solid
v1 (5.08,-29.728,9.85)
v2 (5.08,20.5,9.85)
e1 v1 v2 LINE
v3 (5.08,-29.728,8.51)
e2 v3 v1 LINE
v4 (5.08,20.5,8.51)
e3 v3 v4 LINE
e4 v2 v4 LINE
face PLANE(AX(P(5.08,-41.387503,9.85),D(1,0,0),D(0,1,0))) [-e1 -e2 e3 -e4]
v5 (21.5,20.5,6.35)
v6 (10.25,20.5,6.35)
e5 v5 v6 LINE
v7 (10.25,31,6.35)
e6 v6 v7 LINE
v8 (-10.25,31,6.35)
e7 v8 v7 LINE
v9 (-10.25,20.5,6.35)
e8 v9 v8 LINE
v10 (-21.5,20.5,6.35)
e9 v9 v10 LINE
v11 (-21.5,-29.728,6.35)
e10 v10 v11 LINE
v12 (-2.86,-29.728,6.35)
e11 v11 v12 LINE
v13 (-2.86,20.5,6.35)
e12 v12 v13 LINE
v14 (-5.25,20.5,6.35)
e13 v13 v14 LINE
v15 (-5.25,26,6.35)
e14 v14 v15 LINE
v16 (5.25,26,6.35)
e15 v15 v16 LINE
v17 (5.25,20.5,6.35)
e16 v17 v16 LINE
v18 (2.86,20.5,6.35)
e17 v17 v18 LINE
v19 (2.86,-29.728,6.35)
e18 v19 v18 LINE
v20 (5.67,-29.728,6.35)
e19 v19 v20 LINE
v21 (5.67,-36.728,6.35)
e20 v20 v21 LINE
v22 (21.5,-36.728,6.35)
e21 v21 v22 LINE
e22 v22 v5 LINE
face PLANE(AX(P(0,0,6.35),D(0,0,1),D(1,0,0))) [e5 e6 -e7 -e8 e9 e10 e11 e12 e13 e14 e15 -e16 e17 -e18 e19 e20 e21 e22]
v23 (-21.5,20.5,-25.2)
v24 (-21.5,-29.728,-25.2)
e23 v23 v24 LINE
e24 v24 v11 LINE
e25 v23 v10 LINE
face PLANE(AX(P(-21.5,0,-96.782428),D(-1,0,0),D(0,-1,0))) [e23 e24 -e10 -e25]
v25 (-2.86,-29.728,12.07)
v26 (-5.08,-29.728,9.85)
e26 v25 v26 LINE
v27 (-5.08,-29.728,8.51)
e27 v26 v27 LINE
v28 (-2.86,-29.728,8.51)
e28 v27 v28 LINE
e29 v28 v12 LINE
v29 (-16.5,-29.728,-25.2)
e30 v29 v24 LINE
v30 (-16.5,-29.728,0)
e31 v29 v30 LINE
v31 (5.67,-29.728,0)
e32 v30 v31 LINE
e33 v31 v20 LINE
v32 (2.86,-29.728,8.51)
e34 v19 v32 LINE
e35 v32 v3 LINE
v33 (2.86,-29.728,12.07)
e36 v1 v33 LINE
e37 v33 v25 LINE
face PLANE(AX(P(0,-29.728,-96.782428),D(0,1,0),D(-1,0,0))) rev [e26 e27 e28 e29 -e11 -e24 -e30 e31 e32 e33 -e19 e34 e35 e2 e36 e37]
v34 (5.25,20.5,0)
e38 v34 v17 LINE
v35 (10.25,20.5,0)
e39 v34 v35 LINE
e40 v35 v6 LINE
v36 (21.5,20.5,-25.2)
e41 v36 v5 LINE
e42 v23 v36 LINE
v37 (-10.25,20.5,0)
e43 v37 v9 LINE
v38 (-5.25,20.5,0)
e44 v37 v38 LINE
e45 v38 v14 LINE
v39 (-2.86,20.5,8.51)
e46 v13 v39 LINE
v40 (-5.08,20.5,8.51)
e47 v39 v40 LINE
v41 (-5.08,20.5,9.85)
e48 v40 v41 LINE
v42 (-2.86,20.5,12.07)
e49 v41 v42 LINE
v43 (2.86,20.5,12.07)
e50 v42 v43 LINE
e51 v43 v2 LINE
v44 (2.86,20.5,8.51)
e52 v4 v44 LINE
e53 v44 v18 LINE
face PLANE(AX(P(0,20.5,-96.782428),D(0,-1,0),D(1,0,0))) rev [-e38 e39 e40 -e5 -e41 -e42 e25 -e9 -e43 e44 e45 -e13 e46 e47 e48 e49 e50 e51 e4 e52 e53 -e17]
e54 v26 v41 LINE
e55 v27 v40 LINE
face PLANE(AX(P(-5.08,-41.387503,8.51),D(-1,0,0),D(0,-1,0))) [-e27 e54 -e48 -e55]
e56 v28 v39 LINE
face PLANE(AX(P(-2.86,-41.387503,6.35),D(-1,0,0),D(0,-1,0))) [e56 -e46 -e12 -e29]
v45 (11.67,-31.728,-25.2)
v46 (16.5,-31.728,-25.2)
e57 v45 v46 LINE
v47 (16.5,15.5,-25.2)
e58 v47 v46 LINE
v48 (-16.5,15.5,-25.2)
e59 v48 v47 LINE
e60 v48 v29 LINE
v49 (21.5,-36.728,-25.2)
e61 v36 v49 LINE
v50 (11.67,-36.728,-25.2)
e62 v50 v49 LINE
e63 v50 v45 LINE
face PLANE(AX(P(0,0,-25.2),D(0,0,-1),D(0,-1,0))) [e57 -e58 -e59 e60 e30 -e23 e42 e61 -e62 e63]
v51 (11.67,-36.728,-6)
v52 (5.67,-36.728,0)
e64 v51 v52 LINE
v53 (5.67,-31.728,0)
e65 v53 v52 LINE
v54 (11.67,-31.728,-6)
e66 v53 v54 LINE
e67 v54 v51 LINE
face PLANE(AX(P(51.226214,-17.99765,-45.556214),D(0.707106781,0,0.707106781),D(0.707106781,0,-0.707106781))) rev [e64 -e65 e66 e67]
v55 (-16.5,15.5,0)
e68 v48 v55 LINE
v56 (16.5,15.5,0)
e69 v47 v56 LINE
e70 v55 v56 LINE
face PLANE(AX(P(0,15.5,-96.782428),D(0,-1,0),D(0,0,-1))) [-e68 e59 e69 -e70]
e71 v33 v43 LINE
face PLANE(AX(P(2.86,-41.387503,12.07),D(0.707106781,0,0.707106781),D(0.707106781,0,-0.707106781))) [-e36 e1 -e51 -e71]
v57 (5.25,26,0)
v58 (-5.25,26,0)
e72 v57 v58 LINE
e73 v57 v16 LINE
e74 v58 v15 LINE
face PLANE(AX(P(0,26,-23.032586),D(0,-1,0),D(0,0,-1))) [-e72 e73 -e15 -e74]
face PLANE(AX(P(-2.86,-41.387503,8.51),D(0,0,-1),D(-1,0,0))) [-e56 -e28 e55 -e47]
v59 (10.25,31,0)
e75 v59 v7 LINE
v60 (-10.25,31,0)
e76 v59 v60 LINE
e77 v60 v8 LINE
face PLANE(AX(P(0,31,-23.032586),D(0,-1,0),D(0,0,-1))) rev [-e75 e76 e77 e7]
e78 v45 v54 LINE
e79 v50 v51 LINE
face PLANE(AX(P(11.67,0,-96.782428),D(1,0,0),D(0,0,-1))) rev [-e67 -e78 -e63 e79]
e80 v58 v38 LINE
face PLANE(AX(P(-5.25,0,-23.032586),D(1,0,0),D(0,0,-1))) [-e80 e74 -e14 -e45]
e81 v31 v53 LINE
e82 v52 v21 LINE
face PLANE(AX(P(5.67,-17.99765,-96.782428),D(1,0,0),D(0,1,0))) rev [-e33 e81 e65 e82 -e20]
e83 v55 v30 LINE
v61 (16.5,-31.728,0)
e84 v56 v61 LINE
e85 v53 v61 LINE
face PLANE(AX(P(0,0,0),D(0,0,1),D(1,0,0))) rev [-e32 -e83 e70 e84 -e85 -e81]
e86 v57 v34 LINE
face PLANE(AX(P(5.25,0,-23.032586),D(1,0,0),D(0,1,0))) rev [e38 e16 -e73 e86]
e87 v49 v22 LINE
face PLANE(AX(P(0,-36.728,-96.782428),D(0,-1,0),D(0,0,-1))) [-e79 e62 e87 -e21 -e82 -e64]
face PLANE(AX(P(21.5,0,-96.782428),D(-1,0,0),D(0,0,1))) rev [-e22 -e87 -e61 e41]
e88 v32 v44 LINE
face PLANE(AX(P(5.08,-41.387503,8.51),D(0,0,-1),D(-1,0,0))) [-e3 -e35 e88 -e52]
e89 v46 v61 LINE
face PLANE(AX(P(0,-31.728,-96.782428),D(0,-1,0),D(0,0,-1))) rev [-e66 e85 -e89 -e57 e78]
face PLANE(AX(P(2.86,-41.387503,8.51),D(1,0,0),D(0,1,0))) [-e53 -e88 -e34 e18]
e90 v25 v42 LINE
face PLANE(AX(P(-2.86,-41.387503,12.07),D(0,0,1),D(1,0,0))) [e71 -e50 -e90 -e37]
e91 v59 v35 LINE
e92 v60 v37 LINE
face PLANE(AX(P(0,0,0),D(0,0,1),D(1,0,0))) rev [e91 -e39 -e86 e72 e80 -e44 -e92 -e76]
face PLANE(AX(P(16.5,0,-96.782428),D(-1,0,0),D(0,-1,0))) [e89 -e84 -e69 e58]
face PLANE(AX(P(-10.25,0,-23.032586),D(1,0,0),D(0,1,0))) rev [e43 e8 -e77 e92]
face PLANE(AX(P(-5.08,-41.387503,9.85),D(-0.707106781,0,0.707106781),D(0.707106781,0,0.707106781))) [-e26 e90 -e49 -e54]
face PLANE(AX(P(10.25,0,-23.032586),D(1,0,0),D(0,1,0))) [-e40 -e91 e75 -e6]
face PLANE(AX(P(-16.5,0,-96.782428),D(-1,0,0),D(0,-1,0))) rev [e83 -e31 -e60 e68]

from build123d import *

# Parameters (mm, degrees)
BOSS_EXTRUDE1_DEPTH = 25.2
BOSS_EXTRUDE2_DEPTH = 6.35
BOSS_EXTRUDE3_START = 2
BOSS_EXTRUDE3_DEPTH = 5
SKETCH4_W           = 6
SKETCH4_H           = 2
BOSS_EXTRUDE4_DEPTH = 6.35
BOSS_EXTRUDE5_DEPTH = 50.228


with BuildPart() as part:
    # Sketch1 → Boss-Extrude1 (new body)
    with BuildSketch(Plane.XY):
        Polygon((-16.5, -29.728), (-16.5, 15.5), (16.5, 15.5), (16.5, -28.399762486), (16.5, -31.728), (11.67, -31.728), (11.67, -36.728), (21.5, -36.728), (21.5, 20.5), (-21.5, 20.5), (-21.5, -29.728), align=None)
    extrude(amount=-BOSS_EXTRUDE1_DEPTH)

    # Sketch2 → Boss-Extrude2 (add)
    with BuildSketch(Plane.XY):
        Polygon((-21.5, 20.5), (21.5, 20.5), (21.5, -29.728), (21.5, -36.728), (11.67, -36.728), (11.67, -29.728), (-21.5, -29.728), align=None)
    extrude(amount=BOSS_EXTRUDE2_DEPTH)

    # Sketch3 → Boss-Extrude3 (add)
    with BuildSketch(Plane.XZ.offset(29.728).offset(BOSS_EXTRUDE3_START)):
        Polygon((11.67, 6.35), (5.67, 6.35), (5.67, 0), (11.67, -6), align=None)
    extrude(amount=BOSS_EXTRUDE3_DEPTH)

    # Sketch4 → Boss-Extrude4 (add)
    with BuildSketch(Plane.XY.offset(6.35)):
        Polygon((-10.25, 20.5), (-5.25, 20.5), (-5.25, 26), (5.25, 26), (5.25, 20.5), (10.25, 20.5), (10.25, 31), (-10.25, 31), align=None)
        with Locations((8.67, -30.728)):
            Rectangle(SKETCH4_W, SKETCH4_H)
    extrude(amount=-BOSS_EXTRUDE4_DEPTH)

    # Sketch5 → Boss-Extrude5 (add)
    with BuildSketch(Plane(origin=(0, 20.5, 0), x_dir=(1, 0, 0), z_dir=(0, 1, 0))):
        Polygon((-2.86, -6.35), (-2.86, -8.51), (-5.08, -8.51), (-5.08, -9.85), (-2.86, -12.07), (2.86, -12.07), (5.08, -9.85), (5.08, -8.51), (2.86, -8.51), (2.86, -6.35), align=None)
    extrude(amount=-BOSS_EXTRUDE5_DEPTH)


solid = part.part
